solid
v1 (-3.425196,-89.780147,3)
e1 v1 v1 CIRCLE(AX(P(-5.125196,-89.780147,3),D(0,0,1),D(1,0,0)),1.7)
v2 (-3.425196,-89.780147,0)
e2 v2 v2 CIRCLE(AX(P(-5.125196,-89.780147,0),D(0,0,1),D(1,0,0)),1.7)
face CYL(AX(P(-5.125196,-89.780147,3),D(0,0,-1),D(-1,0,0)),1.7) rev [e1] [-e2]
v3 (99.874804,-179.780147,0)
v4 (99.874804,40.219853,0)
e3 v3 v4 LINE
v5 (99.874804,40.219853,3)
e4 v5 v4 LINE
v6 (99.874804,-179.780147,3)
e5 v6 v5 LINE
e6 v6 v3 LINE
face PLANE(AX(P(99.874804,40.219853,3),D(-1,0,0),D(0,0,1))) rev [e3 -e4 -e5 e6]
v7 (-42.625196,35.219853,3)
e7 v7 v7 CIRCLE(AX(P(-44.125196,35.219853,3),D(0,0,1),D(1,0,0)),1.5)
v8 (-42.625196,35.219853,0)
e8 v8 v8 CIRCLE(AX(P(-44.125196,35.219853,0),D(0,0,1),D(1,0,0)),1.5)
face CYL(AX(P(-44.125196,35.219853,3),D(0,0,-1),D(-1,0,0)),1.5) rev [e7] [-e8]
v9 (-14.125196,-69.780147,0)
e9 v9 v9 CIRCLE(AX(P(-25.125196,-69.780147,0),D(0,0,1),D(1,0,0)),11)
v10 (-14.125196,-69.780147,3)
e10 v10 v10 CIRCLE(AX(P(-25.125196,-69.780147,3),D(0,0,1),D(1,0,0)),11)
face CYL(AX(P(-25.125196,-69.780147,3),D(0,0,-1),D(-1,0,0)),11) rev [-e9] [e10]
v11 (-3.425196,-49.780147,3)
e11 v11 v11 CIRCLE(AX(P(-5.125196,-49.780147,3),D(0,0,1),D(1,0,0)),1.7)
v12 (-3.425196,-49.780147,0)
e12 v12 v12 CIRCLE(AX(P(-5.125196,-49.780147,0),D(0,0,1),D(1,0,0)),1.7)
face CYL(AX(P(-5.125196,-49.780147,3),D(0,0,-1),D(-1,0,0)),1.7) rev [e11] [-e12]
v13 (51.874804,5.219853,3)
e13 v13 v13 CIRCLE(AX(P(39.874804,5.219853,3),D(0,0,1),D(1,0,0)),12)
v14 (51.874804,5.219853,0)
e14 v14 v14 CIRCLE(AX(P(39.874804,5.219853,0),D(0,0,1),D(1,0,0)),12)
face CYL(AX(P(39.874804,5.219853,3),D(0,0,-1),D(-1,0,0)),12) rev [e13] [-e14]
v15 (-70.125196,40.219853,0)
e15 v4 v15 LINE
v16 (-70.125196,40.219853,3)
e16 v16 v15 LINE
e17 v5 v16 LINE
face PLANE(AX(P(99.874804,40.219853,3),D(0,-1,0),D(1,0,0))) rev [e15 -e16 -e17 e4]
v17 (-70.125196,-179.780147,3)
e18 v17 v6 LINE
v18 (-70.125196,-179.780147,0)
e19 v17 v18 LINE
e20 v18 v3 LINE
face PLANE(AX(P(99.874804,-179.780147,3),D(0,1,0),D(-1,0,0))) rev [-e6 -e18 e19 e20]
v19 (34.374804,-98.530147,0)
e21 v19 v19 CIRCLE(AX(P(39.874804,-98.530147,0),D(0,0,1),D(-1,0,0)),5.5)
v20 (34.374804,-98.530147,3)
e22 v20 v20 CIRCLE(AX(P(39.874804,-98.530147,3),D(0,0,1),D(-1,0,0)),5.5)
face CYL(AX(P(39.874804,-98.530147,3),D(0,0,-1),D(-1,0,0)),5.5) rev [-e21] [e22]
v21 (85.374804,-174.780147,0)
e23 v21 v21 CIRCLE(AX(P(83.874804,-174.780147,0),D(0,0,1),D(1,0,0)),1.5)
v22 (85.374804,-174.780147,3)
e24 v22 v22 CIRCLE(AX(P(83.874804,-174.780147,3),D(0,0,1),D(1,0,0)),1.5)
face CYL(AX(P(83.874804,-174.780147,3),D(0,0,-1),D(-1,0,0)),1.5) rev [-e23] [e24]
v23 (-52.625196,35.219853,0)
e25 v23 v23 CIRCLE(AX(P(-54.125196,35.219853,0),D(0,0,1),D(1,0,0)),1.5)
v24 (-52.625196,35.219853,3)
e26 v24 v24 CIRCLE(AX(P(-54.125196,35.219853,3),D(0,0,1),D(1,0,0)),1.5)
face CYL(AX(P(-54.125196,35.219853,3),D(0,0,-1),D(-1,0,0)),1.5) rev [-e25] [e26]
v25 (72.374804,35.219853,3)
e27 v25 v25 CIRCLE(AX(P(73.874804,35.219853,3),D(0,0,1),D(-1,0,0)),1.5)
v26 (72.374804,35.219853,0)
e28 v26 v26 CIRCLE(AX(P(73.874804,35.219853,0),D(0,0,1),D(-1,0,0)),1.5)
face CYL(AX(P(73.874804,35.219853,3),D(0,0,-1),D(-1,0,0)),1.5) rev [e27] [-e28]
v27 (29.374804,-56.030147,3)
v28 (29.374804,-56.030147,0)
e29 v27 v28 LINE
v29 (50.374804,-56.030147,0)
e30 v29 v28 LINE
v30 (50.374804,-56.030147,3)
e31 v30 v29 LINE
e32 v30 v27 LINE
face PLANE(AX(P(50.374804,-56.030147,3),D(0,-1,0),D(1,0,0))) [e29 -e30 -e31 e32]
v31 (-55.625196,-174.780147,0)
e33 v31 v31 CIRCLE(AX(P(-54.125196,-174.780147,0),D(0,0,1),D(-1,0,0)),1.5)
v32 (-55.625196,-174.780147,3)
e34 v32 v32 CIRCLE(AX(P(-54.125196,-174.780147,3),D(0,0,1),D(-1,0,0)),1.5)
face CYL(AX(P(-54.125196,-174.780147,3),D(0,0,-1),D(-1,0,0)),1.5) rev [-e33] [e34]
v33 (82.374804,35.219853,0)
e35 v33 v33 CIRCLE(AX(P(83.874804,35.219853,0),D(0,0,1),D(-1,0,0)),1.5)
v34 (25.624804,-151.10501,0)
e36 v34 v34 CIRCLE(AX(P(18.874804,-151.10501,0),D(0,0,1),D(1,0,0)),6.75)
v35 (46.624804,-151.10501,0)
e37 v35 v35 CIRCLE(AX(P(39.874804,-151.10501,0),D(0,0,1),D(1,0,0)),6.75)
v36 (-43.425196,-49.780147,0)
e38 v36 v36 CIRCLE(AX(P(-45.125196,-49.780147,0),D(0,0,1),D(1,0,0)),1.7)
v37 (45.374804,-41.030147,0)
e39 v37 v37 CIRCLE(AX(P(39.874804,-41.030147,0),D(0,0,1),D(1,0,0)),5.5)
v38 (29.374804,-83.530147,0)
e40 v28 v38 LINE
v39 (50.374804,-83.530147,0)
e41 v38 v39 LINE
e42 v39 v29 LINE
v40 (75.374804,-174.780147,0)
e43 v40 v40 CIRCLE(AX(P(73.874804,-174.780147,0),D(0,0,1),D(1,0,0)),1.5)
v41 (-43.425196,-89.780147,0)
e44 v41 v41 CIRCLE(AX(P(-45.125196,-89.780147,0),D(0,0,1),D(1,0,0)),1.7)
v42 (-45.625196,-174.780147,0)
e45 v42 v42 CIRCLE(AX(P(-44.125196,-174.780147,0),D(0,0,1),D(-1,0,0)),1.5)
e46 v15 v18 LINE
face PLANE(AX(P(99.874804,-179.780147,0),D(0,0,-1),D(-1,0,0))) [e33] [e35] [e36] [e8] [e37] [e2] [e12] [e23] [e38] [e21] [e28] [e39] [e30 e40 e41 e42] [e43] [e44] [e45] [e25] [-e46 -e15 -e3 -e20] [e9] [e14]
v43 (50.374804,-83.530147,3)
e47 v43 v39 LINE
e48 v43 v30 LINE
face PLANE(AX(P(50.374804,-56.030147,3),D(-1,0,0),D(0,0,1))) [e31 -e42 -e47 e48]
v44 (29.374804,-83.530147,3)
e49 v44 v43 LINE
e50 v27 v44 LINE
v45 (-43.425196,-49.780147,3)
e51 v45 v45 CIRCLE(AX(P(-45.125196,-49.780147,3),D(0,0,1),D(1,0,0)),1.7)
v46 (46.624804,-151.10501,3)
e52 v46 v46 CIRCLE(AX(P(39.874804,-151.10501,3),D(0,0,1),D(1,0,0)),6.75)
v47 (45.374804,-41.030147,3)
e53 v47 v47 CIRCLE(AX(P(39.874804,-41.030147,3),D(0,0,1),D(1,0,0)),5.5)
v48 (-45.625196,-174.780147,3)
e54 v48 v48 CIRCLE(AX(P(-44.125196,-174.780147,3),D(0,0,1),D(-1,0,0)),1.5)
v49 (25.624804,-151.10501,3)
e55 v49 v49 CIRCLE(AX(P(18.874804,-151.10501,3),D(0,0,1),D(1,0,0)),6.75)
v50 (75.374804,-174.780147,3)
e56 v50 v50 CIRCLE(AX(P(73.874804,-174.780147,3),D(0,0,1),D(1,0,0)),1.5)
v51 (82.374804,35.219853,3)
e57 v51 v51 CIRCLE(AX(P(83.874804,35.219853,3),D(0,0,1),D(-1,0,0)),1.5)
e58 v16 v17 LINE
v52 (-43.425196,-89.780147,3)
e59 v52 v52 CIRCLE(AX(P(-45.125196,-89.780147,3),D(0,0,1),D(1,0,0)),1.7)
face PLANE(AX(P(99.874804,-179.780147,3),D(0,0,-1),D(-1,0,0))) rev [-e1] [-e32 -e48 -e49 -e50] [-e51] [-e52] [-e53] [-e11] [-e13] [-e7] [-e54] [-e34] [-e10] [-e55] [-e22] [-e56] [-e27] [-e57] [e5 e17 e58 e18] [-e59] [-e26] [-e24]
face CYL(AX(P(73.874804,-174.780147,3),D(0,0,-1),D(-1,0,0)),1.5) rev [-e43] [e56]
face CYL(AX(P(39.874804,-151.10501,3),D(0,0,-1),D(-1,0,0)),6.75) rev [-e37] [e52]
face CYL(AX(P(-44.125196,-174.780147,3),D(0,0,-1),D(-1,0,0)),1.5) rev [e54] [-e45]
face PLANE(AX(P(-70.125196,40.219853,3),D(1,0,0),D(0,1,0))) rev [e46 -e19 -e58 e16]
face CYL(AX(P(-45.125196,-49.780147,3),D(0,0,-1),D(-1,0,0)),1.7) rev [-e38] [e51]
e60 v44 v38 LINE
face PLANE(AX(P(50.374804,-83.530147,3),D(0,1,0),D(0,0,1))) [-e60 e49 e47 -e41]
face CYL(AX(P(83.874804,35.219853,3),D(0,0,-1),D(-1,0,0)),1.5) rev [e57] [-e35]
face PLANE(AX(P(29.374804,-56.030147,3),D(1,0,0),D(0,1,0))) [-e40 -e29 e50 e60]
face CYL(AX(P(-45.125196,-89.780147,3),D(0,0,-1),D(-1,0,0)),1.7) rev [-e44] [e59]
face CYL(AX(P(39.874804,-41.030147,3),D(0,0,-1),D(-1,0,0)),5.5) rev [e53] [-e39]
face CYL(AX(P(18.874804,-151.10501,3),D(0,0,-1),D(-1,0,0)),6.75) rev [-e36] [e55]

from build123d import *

# Parameters (mm, degrees)
ESQUISSE1_W        = 170
ESQUISSE1_H        = 220
ESQUISSE1_R        = 11
ESQUISSE1_R_2      = 1.7
ESQUISSE1_R_3      = 1.5
ESQUISSE1_R_4      = 12
ESQUISSE1_R_5      = 5.5
ESQUISSE1_R_6      = 6.75
ESQUISSE1_W_2      = 21
ESQUISSE1_H_2      = 27.5
BOSS_EXTRU_1_DEPTH = 3


with BuildPart() as part:
    # Esquisse1 → Boss.-Extru.1 (new body)
    with BuildSketch(Plane.XY):
        with Locations((14.874803656, -69.780147352)):
            Rectangle(ESQUISSE1_W, ESQUISSE1_H)
        with Locations((-25.125196344, -69.780147352)):
            Circle(ESQUISSE1_R, mode=Mode.SUBTRACT)
        with Locations((-5.125196344, -89.780147352)):
            Circle(ESQUISSE1_R_2, mode=Mode.SUBTRACT)
        with Locations((-45.125196344, -89.780147352)):
            Circle(ESQUISSE1_R_2, mode=Mode.SUBTRACT)
        with Locations((-45.125196344, -49.780147352)):
            Circle(ESQUISSE1_R_2, mode=Mode.SUBTRACT)
        with Locations((-5.125196344, -49.780147352)):
            Circle(ESQUISSE1_R_2, mode=Mode.SUBTRACT)
        with Locations((83.874803656, -174.780147352)):
            Circle(ESQUISSE1_R_3, mode=Mode.SUBTRACT)
        with Locations((73.874803656, -174.780147352)):
            Circle(ESQUISSE1_R_3, mode=Mode.SUBTRACT)
        with Locations((83.874803656, 35.219852648)):
            Circle(ESQUISSE1_R_3, mode=Mode.SUBTRACT)
        with Locations((73.874803656, 35.219852648)):
            Circle(ESQUISSE1_R_3, mode=Mode.SUBTRACT)
        with Locations((-44.125196344, -174.780147352)):
            Circle(ESQUISSE1_R_3, mode=Mode.SUBTRACT)
        with Locations((-54.125196344, -174.780147352)):
            Circle(ESQUISSE1_R_3, mode=Mode.SUBTRACT)
        with Locations((-44.125196344, 35.219852648)):
            Circle(ESQUISSE1_R_3, mode=Mode.SUBTRACT)
        with Locations((-54.125196344, 35.219852648)):
            Circle(ESQUISSE1_R_3, mode=Mode.SUBTRACT)
        with Locations((39.874803656, 5.219852648)):
            Circle(ESQUISSE1_R_4, mode=Mode.SUBTRACT)
        with Locations((39.874803656, -41.030147352)):
            Circle(ESQUISSE1_R_5, mode=Mode.SUBTRACT)
        with Locations((39.874803656, -98.530147352)):
            Circle(ESQUISSE1_R_5, mode=Mode.SUBTRACT)
        with Locations((39.874803656, -151.105010126)):
            Circle(ESQUISSE1_R_6, mode=Mode.SUBTRACT)
        with Locations((18.874803656, -151.105010126)):
            Circle(ESQUISSE1_R_6, mode=Mode.SUBTRACT)
        with Locations((39.874803656, -69.780147352)):
            Rectangle(ESQUISSE1_W_2, ESQUISSE1_H_2, mode=Mode.SUBTRACT)
    extrude(amount=BOSS_EXTRU_1_DEPTH)


solid = part.part
